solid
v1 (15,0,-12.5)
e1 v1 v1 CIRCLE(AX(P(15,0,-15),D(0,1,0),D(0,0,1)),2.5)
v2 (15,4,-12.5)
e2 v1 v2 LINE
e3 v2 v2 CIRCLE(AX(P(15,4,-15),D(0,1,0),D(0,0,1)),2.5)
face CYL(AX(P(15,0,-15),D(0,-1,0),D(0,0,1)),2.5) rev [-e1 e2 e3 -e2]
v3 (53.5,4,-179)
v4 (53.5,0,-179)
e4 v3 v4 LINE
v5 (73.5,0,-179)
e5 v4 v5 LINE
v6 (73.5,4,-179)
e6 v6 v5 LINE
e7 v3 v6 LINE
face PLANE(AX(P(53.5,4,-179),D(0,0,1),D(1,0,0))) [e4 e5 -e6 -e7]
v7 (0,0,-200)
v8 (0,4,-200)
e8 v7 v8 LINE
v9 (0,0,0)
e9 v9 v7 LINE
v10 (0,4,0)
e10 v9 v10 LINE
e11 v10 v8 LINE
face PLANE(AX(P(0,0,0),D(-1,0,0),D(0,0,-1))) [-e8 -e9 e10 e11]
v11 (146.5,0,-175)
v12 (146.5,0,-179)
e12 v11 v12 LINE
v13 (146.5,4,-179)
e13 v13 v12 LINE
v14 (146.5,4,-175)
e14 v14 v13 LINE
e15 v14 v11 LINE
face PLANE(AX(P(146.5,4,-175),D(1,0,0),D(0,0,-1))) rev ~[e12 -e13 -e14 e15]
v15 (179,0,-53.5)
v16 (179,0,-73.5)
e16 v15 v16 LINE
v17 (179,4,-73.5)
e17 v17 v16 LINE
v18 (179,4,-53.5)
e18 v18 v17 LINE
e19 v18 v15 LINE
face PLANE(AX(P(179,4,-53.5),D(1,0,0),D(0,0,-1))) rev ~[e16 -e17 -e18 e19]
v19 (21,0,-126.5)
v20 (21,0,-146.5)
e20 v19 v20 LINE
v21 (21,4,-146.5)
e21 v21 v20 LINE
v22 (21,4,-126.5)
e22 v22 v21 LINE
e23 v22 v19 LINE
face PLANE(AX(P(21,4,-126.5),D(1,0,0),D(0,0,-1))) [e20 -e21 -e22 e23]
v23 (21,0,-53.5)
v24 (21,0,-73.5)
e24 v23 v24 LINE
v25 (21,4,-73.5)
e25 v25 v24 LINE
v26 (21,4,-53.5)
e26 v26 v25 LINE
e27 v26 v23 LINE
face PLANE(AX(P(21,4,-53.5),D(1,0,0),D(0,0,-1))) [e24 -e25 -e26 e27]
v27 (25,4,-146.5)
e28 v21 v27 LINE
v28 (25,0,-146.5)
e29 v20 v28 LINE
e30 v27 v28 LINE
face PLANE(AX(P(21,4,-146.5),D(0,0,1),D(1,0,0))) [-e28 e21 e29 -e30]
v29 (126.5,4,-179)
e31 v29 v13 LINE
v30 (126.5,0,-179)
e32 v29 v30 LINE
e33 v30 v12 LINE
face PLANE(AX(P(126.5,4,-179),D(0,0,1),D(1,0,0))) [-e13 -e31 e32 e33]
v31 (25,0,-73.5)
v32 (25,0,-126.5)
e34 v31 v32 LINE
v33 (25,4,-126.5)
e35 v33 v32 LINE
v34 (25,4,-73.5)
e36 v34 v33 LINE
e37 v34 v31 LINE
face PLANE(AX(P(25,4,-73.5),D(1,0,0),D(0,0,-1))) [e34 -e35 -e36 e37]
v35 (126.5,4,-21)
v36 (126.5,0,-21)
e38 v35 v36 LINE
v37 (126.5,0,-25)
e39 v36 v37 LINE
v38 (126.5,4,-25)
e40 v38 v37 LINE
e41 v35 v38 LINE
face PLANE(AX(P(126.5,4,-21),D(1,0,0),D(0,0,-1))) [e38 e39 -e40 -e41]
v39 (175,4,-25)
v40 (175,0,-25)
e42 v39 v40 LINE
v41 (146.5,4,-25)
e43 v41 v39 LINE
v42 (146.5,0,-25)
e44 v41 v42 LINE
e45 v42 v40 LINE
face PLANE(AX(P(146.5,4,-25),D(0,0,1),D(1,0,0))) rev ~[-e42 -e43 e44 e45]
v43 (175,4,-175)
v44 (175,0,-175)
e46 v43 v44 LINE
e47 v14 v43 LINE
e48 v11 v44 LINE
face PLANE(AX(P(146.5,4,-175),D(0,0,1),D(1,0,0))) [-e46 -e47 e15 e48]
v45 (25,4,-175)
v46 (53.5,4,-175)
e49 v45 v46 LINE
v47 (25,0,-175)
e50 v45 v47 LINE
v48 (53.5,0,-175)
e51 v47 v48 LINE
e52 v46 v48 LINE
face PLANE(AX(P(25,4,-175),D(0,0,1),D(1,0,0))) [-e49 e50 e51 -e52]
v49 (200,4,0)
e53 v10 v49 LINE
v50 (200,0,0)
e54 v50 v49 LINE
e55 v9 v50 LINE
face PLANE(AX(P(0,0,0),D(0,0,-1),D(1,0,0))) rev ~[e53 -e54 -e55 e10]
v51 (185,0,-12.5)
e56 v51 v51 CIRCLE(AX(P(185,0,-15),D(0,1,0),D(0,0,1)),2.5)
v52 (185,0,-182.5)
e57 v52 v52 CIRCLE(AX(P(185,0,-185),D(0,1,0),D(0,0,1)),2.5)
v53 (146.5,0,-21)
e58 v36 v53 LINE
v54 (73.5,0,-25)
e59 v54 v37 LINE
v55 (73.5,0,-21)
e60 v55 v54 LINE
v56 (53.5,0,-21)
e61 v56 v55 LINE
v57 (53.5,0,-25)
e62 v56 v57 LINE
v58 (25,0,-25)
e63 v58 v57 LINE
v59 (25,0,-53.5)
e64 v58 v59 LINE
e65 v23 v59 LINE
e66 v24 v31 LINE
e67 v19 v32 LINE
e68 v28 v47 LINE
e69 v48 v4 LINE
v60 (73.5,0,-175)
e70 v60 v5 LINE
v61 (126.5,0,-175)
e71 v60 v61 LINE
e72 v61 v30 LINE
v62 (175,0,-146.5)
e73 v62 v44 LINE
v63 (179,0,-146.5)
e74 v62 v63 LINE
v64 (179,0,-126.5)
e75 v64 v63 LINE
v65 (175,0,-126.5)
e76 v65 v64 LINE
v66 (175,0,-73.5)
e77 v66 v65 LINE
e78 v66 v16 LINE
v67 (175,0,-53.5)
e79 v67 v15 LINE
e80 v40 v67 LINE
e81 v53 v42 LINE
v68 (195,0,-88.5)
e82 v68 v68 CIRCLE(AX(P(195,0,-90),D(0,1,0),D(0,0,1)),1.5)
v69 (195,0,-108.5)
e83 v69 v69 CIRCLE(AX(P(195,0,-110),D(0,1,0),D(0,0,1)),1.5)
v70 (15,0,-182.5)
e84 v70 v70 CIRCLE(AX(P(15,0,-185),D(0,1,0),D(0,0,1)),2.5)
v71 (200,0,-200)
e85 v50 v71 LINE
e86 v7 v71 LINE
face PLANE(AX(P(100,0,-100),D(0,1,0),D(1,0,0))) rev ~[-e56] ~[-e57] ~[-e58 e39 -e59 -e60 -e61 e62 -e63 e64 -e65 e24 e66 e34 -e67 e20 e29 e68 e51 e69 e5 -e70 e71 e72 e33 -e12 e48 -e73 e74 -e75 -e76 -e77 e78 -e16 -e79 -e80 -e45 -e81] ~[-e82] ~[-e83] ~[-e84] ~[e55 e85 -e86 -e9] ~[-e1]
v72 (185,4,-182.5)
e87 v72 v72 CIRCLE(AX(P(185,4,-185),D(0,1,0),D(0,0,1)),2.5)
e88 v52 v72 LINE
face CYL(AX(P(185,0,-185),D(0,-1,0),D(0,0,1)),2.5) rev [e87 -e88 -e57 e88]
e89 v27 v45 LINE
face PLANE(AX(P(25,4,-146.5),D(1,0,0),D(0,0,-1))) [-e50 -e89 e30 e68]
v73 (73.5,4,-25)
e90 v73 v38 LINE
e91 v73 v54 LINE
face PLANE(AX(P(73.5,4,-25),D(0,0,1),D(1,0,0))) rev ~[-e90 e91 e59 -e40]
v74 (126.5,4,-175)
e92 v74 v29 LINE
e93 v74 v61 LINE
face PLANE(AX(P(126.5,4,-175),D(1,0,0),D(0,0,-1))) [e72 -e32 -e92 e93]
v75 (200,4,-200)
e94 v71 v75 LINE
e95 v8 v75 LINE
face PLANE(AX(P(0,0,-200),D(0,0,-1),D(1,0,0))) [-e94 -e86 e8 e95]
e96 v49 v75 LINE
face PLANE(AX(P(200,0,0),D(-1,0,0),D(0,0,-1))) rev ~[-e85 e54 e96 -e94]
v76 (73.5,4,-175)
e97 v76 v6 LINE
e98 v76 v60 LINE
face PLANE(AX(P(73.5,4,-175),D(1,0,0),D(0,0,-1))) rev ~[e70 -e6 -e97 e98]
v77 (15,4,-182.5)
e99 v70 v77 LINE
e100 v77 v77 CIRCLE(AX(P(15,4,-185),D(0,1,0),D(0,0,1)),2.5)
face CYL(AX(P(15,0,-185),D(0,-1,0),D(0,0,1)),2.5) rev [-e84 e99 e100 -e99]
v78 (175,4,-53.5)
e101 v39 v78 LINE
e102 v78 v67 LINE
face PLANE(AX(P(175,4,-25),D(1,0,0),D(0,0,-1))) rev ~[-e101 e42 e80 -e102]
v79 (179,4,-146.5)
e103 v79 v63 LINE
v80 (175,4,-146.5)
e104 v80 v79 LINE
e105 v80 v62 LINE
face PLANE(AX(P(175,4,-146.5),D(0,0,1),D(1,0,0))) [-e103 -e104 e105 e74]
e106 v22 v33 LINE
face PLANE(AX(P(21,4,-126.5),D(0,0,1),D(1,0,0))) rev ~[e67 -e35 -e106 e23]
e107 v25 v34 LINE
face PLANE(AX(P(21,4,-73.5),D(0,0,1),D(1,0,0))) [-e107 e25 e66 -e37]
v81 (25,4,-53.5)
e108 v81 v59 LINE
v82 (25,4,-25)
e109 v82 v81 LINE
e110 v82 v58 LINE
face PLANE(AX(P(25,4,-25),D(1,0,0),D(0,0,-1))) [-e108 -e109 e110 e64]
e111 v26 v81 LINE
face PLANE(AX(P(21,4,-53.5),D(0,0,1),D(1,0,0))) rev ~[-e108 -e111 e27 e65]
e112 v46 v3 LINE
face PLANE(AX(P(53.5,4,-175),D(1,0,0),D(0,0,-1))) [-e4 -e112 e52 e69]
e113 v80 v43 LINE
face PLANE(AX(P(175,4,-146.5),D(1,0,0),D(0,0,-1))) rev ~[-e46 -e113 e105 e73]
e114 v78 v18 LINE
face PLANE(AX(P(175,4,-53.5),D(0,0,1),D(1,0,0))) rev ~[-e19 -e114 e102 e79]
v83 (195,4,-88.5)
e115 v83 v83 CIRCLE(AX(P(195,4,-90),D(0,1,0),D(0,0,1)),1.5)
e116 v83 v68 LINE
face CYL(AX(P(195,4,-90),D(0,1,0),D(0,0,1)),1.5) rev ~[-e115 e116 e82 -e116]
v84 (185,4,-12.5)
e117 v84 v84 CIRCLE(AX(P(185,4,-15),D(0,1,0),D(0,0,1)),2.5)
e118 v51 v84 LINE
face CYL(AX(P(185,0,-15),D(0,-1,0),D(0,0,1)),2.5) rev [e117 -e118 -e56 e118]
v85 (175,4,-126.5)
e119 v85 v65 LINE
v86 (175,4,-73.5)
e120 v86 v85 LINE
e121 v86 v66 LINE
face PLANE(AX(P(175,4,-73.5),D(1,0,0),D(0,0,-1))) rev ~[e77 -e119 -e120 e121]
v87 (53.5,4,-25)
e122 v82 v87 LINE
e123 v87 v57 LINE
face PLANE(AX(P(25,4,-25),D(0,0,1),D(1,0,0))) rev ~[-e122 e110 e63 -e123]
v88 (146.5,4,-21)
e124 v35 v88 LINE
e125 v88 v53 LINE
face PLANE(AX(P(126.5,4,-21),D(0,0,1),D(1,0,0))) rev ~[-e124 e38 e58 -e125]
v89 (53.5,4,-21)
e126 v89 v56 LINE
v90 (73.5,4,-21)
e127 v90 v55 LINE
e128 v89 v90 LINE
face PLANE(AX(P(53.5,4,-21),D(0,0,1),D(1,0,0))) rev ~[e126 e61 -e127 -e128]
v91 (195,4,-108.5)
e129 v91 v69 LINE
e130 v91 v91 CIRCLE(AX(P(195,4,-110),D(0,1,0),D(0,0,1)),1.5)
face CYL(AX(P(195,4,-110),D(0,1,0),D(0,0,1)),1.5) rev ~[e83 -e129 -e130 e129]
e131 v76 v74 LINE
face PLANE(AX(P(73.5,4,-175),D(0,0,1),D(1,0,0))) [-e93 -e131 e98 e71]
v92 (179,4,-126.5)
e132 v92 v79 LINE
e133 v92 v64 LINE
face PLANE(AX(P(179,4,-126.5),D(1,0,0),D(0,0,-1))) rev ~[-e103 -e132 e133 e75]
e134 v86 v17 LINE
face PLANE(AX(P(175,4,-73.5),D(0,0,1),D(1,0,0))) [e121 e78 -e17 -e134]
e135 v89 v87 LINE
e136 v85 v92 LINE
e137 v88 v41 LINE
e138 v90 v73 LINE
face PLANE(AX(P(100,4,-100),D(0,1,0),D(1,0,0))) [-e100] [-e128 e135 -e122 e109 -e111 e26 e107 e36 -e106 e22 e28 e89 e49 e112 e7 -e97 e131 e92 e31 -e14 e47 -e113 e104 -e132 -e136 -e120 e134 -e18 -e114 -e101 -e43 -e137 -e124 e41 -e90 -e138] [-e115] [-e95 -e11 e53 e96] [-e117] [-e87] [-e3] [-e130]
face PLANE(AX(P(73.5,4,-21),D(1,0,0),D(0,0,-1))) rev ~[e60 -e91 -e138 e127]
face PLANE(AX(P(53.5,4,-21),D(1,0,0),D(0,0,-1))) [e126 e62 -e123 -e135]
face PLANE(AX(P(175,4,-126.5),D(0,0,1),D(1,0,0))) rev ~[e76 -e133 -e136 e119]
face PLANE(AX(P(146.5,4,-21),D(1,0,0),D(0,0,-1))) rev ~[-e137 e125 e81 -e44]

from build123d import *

# Parameters (mm, degrees)
CROQUIS1_W              = 200
CROQUIS1_H              = 200
CROQUIS1_R              = 2.5
SALIENTE_EXTRUIR1_DEPTH = 4
CROQUIS2_W              = 150
CROQUIS2_H              = 150
CROQUIS2_W_2            = 4
CROQUIS2_H_2            = 20
CROQUIS2_W_3            = 20
CROQUIS2_H_3            = 4
CORTAR_EXTRUIR1_DEPTH   = 4
CROQUIS3_R              = 1.5
CORTAR_EXTRUIR2_DEPTH   = 10


with BuildPart() as part:
    # Croquis1 → Saliente-Extruir1 (new body)
    with BuildSketch(Plane(origin=(0, 0, 0), x_dir=(1, 0, 0), z_dir=(0, 1, 0))):
        with Locations((100, 100)):
            Rectangle(CROQUIS1_W, CROQUIS1_H)
        with Locations(Location((15, 185, 0), (0, 0, 270))):
            Circle(CROQUIS1_R, mode=Mode.SUBTRACT)
        with Locations(Location((185, 185, 0), (0, 0, 270))):
            Circle(CROQUIS1_R, mode=Mode.SUBTRACT)
        with Locations(Location((185, 15, 0), (0, 0, 270))):
            Circle(CROQUIS1_R, mode=Mode.SUBTRACT)
        with Locations(Location((15, 15, 0), (0, 0, 270))):
            Circle(CROQUIS1_R, mode=Mode.SUBTRACT)
    extrude(amount=SALIENTE_EXTRUIR1_DEPTH)

    # Croquis2 → Cortar-Extruir1 (cut)
    with BuildSketch(Plane(origin=(0, 4, 0), x_dir=(1, 0, 0), z_dir=(0, 1, 0))):
        with Locations((100, 100)):
            Rectangle(CROQUIS2_W, CROQUIS2_H)
        with Locations((23, 136.5)):
            Rectangle(CROQUIS2_W_2, CROQUIS2_H_2)
        with Locations((63.5, 177)):
            Rectangle(CROQUIS2_W_3, CROQUIS2_H_3)
        with Locations((177, 136.5)):
            Rectangle(CROQUIS2_W_2, CROQUIS2_H_2)
        with Locations((136.5, 177)):
            Rectangle(CROQUIS2_W_3, CROQUIS2_H_3)
        with Locations((136.5, 23)):
            Rectangle(CROQUIS2_W_3, CROQUIS2_H_3)
        with Locations((177, 63.5)):
            Rectangle(CROQUIS2_W_2, CROQUIS2_H_2)
        with Locations((23, 63.5)):
            Rectangle(CROQUIS2_W_2, CROQUIS2_H_2)
        with Locations((63.5, 23)):
            Rectangle(CROQUIS2_W_3, CROQUIS2_H_3)
    extrude(amount=-CORTAR_EXTRUIR1_DEPTH, mode=Mode.SUBTRACT)

    # Croquis3 → Cortar-Extruir2 (cut)
    with BuildSketch(Plane(origin=(0, 4, 0), x_dir=(1, 0, 0), z_dir=(0, 1, 0))):
        with Locations(Location((195, 110, 0), (0, 0, 270))):
            Circle(CROQUIS3_R)
        with Locations(Location((195, 90, 0), (0, 0, 270))):
            Circle(CROQUIS3_R)
    extrude(amount=-CORTAR_EXTRUIR2_DEPTH, mode=Mode.SUBTRACT)


solid = part.part
